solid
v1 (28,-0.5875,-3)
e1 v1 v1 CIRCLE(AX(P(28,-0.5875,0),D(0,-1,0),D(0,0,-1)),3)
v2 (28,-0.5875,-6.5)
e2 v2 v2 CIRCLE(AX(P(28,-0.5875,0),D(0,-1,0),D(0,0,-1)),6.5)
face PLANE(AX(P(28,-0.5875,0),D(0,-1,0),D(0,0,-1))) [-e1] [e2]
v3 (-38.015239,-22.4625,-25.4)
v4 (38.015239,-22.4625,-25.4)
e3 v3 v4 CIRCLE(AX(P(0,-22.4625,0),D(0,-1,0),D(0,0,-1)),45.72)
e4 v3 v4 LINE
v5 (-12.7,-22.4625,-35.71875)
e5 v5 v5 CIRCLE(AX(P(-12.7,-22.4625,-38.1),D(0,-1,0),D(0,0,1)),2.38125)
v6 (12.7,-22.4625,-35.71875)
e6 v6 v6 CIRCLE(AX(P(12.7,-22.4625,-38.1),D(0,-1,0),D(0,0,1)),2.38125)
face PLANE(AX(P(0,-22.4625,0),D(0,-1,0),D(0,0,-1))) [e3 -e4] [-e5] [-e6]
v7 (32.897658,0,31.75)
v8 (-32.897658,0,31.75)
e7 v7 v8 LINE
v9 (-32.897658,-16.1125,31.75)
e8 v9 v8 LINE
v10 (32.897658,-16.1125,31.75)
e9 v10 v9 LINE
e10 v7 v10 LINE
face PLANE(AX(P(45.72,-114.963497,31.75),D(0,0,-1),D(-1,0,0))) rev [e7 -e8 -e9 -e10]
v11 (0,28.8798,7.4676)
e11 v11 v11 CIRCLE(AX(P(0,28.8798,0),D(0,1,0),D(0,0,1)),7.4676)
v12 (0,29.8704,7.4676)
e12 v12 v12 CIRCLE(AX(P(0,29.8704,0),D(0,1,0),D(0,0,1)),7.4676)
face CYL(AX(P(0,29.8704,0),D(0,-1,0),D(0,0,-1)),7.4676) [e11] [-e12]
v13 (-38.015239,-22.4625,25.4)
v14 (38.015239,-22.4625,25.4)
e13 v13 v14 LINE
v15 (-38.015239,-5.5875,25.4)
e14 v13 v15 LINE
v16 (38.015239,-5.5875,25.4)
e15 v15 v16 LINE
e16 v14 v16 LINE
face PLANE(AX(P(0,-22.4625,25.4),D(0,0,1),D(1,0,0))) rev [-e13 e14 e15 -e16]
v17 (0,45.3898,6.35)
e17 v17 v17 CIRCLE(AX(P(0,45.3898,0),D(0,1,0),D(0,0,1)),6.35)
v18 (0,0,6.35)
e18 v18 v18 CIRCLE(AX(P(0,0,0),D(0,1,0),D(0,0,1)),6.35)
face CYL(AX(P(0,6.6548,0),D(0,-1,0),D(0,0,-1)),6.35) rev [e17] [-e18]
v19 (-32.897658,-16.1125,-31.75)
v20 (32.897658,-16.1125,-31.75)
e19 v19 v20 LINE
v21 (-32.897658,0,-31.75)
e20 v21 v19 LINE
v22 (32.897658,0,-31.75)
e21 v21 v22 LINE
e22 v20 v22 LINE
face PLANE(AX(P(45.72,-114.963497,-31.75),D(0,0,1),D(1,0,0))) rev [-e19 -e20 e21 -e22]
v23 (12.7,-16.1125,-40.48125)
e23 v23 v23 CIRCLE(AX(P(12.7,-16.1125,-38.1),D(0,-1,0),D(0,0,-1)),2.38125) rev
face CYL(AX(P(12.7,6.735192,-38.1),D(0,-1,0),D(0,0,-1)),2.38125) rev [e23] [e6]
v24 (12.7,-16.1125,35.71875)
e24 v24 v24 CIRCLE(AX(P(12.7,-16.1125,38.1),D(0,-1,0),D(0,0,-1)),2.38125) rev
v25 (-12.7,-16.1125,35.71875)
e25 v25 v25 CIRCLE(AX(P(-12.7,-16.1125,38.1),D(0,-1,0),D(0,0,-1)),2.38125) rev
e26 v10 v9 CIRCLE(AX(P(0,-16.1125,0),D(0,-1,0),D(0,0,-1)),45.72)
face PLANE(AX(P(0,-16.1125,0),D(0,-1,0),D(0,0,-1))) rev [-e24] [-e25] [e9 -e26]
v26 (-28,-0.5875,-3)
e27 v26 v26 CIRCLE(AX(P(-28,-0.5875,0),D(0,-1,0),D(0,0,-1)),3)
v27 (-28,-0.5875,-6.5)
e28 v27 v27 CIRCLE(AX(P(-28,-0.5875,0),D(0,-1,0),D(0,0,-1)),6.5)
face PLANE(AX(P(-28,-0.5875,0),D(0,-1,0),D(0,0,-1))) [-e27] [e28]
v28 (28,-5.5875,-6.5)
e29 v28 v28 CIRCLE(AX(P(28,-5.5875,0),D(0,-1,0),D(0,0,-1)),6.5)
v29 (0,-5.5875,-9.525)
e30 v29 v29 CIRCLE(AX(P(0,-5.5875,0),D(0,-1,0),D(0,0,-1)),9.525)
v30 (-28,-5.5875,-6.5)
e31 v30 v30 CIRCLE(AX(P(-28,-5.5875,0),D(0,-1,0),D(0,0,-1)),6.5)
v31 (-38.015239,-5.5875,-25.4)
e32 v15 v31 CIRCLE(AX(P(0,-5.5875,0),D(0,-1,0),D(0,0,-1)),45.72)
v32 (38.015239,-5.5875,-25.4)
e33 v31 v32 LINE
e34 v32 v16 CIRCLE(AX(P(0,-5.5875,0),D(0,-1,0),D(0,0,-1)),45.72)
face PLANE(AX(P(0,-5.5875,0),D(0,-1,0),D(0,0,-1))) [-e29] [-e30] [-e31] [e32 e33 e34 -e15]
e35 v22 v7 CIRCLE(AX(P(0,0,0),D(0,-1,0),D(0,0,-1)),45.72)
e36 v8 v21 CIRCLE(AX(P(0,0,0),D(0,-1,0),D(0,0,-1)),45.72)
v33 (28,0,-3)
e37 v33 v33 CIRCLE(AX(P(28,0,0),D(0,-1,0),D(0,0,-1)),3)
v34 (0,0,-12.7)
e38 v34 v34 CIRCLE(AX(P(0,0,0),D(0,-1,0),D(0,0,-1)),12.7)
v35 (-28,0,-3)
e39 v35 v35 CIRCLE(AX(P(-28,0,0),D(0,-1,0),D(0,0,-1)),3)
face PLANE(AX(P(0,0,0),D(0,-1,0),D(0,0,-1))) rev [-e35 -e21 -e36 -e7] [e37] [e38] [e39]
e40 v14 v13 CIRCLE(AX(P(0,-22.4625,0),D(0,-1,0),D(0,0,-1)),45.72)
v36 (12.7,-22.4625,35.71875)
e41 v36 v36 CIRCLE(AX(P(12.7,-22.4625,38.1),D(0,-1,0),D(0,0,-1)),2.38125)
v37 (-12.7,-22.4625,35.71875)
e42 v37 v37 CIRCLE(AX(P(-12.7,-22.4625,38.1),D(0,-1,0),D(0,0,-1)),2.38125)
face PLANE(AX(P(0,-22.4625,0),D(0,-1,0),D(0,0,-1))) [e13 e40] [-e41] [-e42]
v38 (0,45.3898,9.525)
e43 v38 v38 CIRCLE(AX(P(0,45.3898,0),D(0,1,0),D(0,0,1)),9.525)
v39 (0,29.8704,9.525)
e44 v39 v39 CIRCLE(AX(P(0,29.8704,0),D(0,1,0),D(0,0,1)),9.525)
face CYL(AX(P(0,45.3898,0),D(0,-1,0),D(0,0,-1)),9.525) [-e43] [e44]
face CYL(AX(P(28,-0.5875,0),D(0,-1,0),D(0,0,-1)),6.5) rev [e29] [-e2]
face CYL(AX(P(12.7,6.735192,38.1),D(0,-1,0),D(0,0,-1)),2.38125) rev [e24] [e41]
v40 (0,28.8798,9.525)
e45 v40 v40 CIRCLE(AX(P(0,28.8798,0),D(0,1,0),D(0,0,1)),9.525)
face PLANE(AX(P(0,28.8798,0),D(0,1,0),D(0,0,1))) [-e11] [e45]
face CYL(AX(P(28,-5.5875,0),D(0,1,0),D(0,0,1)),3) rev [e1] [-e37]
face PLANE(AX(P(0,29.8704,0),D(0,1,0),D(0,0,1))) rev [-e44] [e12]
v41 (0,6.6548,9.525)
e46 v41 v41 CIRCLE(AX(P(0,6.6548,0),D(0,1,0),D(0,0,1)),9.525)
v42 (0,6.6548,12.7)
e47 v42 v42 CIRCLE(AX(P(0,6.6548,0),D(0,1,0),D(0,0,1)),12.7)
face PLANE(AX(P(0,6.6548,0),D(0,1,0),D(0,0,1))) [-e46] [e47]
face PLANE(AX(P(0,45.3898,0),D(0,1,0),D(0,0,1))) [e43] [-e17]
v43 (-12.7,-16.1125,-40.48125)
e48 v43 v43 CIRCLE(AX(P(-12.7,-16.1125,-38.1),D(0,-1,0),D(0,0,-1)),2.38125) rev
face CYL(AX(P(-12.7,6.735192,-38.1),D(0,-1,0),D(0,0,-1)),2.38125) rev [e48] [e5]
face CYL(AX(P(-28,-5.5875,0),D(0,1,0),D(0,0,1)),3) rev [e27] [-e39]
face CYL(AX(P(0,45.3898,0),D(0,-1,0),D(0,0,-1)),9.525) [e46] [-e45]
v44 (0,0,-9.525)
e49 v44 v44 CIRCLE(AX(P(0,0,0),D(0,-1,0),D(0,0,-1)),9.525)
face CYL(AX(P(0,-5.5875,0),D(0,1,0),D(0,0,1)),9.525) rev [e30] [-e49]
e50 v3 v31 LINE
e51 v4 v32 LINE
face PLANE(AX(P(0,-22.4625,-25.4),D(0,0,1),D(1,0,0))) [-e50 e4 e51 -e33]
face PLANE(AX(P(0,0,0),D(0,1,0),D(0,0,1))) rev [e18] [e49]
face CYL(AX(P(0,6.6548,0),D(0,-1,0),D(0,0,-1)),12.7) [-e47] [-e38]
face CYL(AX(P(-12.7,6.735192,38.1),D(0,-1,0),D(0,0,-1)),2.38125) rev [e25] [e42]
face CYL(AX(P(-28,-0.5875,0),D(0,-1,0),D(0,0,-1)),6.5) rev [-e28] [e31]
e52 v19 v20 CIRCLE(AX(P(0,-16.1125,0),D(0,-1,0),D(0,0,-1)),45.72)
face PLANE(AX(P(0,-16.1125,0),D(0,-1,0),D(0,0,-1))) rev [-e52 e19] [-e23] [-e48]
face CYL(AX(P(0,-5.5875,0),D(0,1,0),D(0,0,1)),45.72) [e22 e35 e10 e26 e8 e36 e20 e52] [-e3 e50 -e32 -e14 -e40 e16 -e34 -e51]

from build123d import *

# Parameters (mm, degrees)
SKETCH1_R           = 12.7
SKETCH1_R_2         = 6.35
BOSS_EXTRUDE1_DEPTH = 6.6548
SKETCH2_R           = 9.525
SKETCH2_R_2         = 6.35
BOSS_EXTRUDE2_DEPTH = 38.735
SKETCH3_OUTSIDE_W   = 38.976
SKETCH3_OUTSIDE_H   = 38.976
SKETCH3_OUTSIDE_R   = 7.4676
CUT_EXTRUDE1_DEPTH  = 0.9906
SKETCH5_R           = 45.72
SKETCH5_R_2         = 9.525
SKETCH5_R_3         = 3
BOSS_EXTRUDE4_DEPTH = 5.587499906
SKETCH6_R           = 6.5
CUT_EXTRUDE5_DEPTH  = 4.999999906
BOSS_EXTRUDE5_DEPTH = 16.875
SKETCH9_R           = 2.38125
CUT_EXTRUDE7_DEPTH  = 22.4625
SKETCH12_W          = 91.44
SKETCH12_H          = 13.97
CUT_EXTRUDE10_DEPTH = 16.1125


with BuildPart() as part:
    # Sketch1 → Boss-Extrude1 (new body)
    with BuildSketch(Plane(origin=(0, 0, 0), x_dir=(1, 0, 0), z_dir=(0, 1, 0))):
        Circle(SKETCH1_R)
        Circle(SKETCH1_R_2, mode=Mode.SUBTRACT)
    extrude(amount=BOSS_EXTRUDE1_DEPTH)

    # Sketch2 → Boss-Extrude2 (add)
    with BuildSketch(Plane(origin=(0, 6.6548, 0), x_dir=(1, 0, 0), z_dir=(0, 1, 0))):
        Circle(SKETCH2_R)
        Circle(SKETCH2_R_2, mode=Mode.SUBTRACT)
    extrude(amount=BOSS_EXTRUDE2_DEPTH)

    # Sketch3 outside → Cut-Extrude1 (cut)
    with BuildSketch(Plane(origin=(0, 28.8798, 0), x_dir=(-1, 0, 0), z_dir=(0, 1, 0))):
        Rectangle(SKETCH3_OUTSIDE_W, SKETCH3_OUTSIDE_H)
        Circle(SKETCH3_OUTSIDE_R, mode=Mode.SUBTRACT)
    extrude(amount=CUT_EXTRUDE1_DEPTH, mode=Mode.SUBTRACT)

    # Sketch5 → Boss-Extrude4 (add)
    with BuildSketch(Plane.XZ):
        Circle(SKETCH5_R)
        Circle(SKETCH5_R_2, mode=Mode.SUBTRACT)
        with Locations((28, 0)):
            Circle(SKETCH5_R_3, mode=Mode.SUBTRACT)
        with Locations((-28, 0)):
            Circle(SKETCH5_R_3, mode=Mode.SUBTRACT)
    extrude(amount=BOSS_EXTRUDE4_DEPTH)

    # Sketch6 → Cut-Extrude5 (cut)
    with BuildSketch(Plane.XZ.offset(5.587499906)):
        with Locations((-28, 0)):
            Circle(SKETCH6_R)
        with Locations((28, 0)):
            Circle(SKETCH6_R)
    extrude(amount=-CUT_EXTRUDE5_DEPTH, mode=Mode.SUBTRACT)

    # Sketch8 → Boss-Extrude5 (add)
    with BuildSketch(Plane.XZ.offset(5.587499906)):
        with BuildLine():
            Line((38.01523905, -25.4), (-38.01523905, -25.4))
            ThreePointArc((-38.01523905, -25.4), (0, -45.72), (38.01523905, -25.4))
        make_face()
        with BuildLine():
            ThreePointArc((38.01523905, 25.4), (0, 45.72), (-38.01523905, 25.4))
            Line((-38.01523905, 25.4), (38.01523905, 25.4))
        make_face()
    extrude(amount=BOSS_EXTRUDE5_DEPTH)

    # Sketch9 → Cut-Extrude7 (cut)
    with BuildSketch(Plane.XZ.offset(22.462499906)):
        with Locations((12.7, 38.1)):
            Circle(SKETCH9_R)
        with Locations((-12.7, 38.1)):
            Circle(SKETCH9_R)
        with Locations((-12.7, -38.1)):
            Circle(SKETCH9_R)
        with Locations((12.7, -38.1)):
            Circle(SKETCH9_R)
    extrude(amount=-CUT_EXTRUDE7_DEPTH, mode=Mode.SUBTRACT)

    # Sketch12 → Cut-Extrude10 (cut)
    with BuildSketch(Plane(origin=(0, 0, 0), x_dir=(1, 0, 0), z_dir=(0, 1, 0))):
        with Locations((0, -38.735)):
            Rectangle(SKETCH12_W, SKETCH12_H)
        with Locations((0, 38.735)):
            Rectangle(SKETCH12_W, SKETCH12_H)
    extrude(amount=-CUT_EXTRUDE10_DEPTH, mode=Mode.SUBTRACT)


solid = part.part
